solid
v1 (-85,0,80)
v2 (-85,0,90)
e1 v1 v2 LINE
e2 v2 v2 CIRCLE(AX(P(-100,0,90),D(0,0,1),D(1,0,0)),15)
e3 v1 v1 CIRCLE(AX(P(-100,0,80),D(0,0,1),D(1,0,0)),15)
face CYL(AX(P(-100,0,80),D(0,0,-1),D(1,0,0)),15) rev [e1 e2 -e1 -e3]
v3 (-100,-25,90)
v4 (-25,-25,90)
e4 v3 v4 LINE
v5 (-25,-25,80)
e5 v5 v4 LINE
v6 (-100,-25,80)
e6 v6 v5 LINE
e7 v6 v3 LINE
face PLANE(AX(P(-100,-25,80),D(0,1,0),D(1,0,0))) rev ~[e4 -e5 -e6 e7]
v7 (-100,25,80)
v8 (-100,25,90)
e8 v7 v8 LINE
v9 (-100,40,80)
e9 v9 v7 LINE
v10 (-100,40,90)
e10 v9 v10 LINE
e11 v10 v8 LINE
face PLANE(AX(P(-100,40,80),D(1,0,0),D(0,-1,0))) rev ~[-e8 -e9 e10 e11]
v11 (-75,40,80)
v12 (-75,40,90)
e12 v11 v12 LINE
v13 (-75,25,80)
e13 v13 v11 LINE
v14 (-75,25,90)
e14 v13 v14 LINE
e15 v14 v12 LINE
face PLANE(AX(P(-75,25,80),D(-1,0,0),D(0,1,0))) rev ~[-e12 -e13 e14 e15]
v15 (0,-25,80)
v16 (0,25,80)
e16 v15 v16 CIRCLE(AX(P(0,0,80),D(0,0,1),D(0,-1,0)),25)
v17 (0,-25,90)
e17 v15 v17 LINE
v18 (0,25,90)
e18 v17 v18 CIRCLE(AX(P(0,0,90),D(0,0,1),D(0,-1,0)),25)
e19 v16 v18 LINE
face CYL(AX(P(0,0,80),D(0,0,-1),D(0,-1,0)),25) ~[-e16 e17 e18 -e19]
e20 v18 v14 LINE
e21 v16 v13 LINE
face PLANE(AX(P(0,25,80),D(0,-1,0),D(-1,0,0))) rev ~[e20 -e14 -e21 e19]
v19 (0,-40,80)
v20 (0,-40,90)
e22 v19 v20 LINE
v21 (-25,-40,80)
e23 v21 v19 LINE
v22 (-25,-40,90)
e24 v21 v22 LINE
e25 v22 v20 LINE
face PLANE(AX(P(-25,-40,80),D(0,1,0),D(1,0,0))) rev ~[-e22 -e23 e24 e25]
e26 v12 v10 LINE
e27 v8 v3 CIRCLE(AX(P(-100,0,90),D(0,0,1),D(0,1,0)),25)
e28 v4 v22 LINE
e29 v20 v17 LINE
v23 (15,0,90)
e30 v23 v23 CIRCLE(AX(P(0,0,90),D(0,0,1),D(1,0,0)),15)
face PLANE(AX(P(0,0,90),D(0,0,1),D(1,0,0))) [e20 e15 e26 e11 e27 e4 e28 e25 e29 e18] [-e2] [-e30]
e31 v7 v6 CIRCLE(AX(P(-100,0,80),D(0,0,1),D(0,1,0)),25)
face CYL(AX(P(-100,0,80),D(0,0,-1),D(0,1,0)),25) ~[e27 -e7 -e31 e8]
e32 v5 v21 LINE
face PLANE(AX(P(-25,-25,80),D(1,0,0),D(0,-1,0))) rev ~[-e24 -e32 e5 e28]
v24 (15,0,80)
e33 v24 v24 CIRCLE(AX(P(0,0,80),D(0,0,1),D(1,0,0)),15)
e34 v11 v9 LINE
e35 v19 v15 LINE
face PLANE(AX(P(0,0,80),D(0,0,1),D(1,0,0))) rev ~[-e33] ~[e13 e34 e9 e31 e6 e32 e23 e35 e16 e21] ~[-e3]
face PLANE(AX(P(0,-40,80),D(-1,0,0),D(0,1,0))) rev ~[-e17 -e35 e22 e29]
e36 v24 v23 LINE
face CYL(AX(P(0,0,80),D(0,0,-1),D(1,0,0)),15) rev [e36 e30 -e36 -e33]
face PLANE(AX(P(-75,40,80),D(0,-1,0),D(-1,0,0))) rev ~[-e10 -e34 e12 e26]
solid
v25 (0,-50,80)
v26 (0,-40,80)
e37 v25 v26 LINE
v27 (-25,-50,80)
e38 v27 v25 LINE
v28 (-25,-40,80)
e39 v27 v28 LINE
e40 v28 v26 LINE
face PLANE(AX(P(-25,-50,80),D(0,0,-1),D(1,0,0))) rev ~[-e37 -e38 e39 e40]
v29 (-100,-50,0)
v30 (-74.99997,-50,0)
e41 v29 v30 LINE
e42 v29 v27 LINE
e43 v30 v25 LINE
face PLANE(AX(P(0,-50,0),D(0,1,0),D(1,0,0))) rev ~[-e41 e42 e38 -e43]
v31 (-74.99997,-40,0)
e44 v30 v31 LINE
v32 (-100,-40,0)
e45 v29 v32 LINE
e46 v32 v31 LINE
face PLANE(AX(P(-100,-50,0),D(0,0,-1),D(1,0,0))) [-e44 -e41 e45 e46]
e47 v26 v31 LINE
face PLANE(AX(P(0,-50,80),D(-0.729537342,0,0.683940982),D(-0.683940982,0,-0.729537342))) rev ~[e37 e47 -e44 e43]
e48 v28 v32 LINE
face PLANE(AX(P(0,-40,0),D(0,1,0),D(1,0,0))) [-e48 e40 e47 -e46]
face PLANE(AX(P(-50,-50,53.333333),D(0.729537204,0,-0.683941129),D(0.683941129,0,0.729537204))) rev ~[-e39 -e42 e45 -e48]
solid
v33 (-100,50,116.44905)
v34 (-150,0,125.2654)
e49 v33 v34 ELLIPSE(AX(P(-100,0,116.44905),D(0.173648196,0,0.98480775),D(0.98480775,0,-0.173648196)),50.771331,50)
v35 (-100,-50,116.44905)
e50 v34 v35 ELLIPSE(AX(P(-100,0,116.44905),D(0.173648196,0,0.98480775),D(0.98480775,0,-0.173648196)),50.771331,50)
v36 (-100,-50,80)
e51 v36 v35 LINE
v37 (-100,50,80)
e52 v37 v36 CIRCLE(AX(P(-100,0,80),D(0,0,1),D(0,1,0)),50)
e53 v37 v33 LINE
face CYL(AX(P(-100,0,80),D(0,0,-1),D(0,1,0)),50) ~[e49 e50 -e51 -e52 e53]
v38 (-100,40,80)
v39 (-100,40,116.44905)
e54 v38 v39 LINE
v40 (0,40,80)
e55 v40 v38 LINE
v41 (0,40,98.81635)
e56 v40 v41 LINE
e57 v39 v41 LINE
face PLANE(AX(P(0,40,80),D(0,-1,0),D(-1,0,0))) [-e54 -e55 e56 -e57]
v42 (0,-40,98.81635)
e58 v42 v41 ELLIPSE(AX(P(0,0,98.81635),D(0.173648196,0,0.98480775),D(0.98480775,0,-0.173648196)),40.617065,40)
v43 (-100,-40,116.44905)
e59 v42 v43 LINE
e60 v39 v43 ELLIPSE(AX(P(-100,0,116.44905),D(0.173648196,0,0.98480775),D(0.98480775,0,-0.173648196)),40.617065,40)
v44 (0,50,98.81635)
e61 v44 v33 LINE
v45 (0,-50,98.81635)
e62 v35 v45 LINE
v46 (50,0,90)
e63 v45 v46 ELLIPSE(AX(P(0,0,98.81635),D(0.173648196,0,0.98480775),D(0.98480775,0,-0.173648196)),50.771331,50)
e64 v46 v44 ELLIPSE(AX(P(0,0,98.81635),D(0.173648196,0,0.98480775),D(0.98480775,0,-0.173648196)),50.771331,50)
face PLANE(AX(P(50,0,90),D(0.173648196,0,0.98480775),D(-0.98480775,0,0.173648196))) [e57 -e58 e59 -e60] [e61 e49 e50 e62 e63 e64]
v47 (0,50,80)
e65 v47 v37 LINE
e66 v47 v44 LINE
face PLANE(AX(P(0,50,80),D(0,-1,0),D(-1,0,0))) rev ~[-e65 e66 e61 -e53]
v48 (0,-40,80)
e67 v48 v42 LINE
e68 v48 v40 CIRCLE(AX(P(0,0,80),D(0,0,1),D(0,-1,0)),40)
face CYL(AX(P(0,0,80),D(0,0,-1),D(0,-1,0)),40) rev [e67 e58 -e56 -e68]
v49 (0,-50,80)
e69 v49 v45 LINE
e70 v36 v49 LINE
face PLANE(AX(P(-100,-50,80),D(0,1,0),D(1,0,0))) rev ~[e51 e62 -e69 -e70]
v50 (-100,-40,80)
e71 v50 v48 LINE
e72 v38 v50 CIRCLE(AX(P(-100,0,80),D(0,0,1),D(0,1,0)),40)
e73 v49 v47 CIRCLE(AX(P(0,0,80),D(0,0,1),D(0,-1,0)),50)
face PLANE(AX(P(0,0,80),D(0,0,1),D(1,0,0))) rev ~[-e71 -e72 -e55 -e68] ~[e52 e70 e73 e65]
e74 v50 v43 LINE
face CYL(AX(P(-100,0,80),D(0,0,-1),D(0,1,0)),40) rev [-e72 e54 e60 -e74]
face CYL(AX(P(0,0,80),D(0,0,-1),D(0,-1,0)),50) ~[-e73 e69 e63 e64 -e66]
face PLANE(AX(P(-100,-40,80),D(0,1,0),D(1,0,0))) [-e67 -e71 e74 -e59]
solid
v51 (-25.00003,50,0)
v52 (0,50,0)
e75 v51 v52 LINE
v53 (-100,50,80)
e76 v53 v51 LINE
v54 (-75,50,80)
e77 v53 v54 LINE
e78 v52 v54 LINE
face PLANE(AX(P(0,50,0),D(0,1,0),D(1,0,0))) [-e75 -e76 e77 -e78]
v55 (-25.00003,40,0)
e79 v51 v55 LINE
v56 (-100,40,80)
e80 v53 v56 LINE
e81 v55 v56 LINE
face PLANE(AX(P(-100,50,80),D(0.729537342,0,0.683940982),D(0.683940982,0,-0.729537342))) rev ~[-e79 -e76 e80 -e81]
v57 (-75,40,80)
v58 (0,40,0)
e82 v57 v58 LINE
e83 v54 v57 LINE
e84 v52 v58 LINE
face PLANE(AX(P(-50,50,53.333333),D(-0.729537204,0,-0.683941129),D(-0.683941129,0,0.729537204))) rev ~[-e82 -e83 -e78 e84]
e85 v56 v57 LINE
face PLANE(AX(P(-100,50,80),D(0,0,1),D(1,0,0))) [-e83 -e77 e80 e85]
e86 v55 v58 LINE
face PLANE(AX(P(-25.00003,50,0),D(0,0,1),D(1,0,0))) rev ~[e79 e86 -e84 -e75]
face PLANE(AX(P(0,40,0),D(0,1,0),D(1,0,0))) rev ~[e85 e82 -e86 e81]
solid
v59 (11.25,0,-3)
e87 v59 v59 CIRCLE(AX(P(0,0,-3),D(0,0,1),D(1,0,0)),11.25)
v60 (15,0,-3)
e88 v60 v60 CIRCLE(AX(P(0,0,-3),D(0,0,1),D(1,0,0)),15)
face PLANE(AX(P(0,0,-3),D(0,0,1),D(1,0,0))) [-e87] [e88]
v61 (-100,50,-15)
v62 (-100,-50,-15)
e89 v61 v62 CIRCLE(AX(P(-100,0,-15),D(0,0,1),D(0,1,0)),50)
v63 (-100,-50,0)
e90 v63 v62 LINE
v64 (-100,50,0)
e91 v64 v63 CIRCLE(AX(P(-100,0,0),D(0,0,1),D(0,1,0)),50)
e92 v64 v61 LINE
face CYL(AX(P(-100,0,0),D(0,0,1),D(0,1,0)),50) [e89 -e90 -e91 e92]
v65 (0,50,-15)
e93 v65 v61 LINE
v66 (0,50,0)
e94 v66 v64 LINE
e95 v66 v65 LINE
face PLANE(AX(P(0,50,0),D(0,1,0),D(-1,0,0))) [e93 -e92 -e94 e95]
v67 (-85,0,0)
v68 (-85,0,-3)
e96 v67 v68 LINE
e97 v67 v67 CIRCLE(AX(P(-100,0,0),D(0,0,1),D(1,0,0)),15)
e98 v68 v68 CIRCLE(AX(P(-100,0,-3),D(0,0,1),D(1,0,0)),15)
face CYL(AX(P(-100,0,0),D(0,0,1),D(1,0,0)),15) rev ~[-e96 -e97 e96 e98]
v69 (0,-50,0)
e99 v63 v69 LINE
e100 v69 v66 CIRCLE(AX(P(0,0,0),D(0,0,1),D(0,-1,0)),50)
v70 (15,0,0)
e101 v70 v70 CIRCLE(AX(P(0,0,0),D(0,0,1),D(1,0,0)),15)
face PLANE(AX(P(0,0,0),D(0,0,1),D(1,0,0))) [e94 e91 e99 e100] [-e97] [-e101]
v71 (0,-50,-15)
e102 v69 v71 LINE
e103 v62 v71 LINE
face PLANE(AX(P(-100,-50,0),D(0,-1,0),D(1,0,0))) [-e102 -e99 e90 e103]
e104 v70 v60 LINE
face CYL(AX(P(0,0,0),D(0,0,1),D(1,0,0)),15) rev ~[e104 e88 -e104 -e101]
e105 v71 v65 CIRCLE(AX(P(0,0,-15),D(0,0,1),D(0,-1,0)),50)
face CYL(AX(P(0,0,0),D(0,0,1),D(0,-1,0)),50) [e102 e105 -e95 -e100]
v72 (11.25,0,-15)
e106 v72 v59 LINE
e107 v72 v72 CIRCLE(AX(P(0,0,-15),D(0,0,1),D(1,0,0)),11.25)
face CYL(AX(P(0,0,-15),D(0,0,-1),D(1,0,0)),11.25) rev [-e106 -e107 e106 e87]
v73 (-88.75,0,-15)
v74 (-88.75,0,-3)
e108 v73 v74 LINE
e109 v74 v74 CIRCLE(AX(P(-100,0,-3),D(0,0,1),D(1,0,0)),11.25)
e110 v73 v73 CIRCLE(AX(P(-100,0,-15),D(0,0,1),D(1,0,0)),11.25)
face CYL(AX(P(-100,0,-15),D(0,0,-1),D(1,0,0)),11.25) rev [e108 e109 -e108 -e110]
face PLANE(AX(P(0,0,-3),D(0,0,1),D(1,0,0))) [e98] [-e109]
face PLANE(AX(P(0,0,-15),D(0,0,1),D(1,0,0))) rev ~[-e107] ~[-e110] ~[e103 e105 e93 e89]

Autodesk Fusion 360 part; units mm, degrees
sketch "Sketch1" plane through (0, 0, 0) normal (0, 0, 1) x (1, 0, 0)
  line L0 (0, 50) -> (-100, 50)
  arc A0 (-100, 50) -> (-100, -50) centre (-100, 0) ccw
  line L1 (-100, -50) -> (0, -50)
  arc A1 (0, -50) -> (0, 50) centre (0, 0) ccw
  line L2 (0, 0) -> (-100, 0) construction
  line L3 (-100, -40) -> (0, -40)
  arc A2 (0, -40) -> (0, 40) centre (0, 0) ccw
  line L4 (0, 40) -> (-100, 40)
  arc A3 (-100, 40) -> (-100, -40) centre (-100, 0) ccw
  arc A4 (-100, 25) -> (-100, -25) centre (-100, 0) ccw
  line L5 (-100, -25) -> (0, -25)
  arc A5 (0, -25) -> (0, 25) centre (0, 0) ccw
  line L6 (0, 25) -> (-100, 25)
  circle A6 centre (0, 0) radius 11.25
  circle A7 centre (0, 0) radius 15
  circle A8 centre (-100, 0) radius 11.25
  circle A9 centre (-100, 0) radius 15
  line L7 (-100, 25) -> (-75, 25)
  line L8 (-75, 25) -> (-75, 40)
  line L9 (-75, 40) -> (-100, 40)
  line L10 (-100, 40) -> (-100, 25)
  line L11 (0, -25) -> (-25, -25)
  line L12 (-25, -25) -> (-25, -40)
  line L13 (-25, -40) -> (0, -40)
  line L14 (0, -40) -> (0, -25)
  dimension "d1" = 100
  dimension "d2" = -10
  dimension "d3" = -25
  dimension "d4" = 22.5
  dimension "d5" = 30
  dimension "d6" = 22.5
  dimension "d7" = 30
  dimension "d8" = 25
extrude "Extrude1" add sketch "Sketch1" against normal blind 15 contours L0 A0 L1 A1 | L3 A3 A4 L5 L10 L12 | L3 L5 L11 L12 L13 L14 | L4 L6 L7 L8 L9 L10 | A2 L4 A5 L6 L8 L14 | A4 L5 A5 L6 L7 L11 makes body 1
extrude "Extrude2" add sketch "Sketch1" along normal blind 10 from surface at 80 separate body contours L3 L5 L11 L12 L13 L14 | L4 L6 L7 L8 L9 L10 | A4 L5 A5 L6 L7 L11 makes body 2
extrude "Extrude3" add sketch "Sketch1" along normal blind 50 from surface at 80 separate body contours L0 A0 L1 A1 makes body 3
sketch "Sketch2" plane through (0, 0, 0) normal (0, 1, 0) x (1, 0, 0)
  line L0 (-25, -80) -> (0, -80)
  line L1 (-25, -90) -> (0, -90)
  line L2 (-100, -80) -> (-25, -80)
  line L3 (-100, -90) -> (-25, -90)
  line L4 (-125, -80) -> (-100, -80)
  line L5 (-125, -90) -> (-100, -90)
  line L6 (0, -80) -> (25, -80)
  line L7 (0, -90) -> (25, -90)
  line L8 (-125, -80) -> (-125, -90)
  line L9 (25, -80) -> (25, -90)
  line L10 (-100, 0) -> (-25, -80)
  line L11 (0, -80) -> (-77.359, 2.5163)
  line L12 (-100, 0) -> (0, 0)
  line L13 (-50, 0) -> (-50, -20)
  line L14 (0, 0) -> (-75, -80)
  line L15 (-100, -80) -> (-22.641, 2.5163)
  line L16 (-100, -80) -> (0, -80)
  line L17 (-100, -130) -> (0, -130)
  line L18 (-150, -80) -> (-100, -80)
  line L19 (-150, -130) -> (-100, -130)
  line L20 (0, -80) -> (50, -80)
  line L21 (0, -130) -> (50, -130)
  line L22 (-150, -80) -> (-150, -130)
  line L23 (50, -80) -> (50, -130)
  line L24 (25, -90) -> (50, -90)
  line L25 (50, -90) -> (-150, -125.2654)
  point P0 (-100, 0)
  dimension "d17" = 10
extrude "Extrude4" cut sketch "Sketch2" along normal through all and the other way through all contours L17 L19 L21 L22 L23 L25 bodies 3
extrude "Extrude5" add sketch "Sketch2" along normal blind 10 from surface at -50 separate body contours L0 L10 L11 L14 L16 | L10 L11 L14 L15 | L10 L11 L12 L15 makes body 4
extrude "Extrude6" add sketch "Sketch2" against normal blind 10 from surface at 50 separate body contours L2 L10 L14 L15 L16 | L10 L11 L14 L15 | L11 L12 L14 L15 makes body 5
extrude "Extrude7" add sketch "Sketch1" along normal blind 12 from surface at -15 contours A7 | A9 bodies 1
